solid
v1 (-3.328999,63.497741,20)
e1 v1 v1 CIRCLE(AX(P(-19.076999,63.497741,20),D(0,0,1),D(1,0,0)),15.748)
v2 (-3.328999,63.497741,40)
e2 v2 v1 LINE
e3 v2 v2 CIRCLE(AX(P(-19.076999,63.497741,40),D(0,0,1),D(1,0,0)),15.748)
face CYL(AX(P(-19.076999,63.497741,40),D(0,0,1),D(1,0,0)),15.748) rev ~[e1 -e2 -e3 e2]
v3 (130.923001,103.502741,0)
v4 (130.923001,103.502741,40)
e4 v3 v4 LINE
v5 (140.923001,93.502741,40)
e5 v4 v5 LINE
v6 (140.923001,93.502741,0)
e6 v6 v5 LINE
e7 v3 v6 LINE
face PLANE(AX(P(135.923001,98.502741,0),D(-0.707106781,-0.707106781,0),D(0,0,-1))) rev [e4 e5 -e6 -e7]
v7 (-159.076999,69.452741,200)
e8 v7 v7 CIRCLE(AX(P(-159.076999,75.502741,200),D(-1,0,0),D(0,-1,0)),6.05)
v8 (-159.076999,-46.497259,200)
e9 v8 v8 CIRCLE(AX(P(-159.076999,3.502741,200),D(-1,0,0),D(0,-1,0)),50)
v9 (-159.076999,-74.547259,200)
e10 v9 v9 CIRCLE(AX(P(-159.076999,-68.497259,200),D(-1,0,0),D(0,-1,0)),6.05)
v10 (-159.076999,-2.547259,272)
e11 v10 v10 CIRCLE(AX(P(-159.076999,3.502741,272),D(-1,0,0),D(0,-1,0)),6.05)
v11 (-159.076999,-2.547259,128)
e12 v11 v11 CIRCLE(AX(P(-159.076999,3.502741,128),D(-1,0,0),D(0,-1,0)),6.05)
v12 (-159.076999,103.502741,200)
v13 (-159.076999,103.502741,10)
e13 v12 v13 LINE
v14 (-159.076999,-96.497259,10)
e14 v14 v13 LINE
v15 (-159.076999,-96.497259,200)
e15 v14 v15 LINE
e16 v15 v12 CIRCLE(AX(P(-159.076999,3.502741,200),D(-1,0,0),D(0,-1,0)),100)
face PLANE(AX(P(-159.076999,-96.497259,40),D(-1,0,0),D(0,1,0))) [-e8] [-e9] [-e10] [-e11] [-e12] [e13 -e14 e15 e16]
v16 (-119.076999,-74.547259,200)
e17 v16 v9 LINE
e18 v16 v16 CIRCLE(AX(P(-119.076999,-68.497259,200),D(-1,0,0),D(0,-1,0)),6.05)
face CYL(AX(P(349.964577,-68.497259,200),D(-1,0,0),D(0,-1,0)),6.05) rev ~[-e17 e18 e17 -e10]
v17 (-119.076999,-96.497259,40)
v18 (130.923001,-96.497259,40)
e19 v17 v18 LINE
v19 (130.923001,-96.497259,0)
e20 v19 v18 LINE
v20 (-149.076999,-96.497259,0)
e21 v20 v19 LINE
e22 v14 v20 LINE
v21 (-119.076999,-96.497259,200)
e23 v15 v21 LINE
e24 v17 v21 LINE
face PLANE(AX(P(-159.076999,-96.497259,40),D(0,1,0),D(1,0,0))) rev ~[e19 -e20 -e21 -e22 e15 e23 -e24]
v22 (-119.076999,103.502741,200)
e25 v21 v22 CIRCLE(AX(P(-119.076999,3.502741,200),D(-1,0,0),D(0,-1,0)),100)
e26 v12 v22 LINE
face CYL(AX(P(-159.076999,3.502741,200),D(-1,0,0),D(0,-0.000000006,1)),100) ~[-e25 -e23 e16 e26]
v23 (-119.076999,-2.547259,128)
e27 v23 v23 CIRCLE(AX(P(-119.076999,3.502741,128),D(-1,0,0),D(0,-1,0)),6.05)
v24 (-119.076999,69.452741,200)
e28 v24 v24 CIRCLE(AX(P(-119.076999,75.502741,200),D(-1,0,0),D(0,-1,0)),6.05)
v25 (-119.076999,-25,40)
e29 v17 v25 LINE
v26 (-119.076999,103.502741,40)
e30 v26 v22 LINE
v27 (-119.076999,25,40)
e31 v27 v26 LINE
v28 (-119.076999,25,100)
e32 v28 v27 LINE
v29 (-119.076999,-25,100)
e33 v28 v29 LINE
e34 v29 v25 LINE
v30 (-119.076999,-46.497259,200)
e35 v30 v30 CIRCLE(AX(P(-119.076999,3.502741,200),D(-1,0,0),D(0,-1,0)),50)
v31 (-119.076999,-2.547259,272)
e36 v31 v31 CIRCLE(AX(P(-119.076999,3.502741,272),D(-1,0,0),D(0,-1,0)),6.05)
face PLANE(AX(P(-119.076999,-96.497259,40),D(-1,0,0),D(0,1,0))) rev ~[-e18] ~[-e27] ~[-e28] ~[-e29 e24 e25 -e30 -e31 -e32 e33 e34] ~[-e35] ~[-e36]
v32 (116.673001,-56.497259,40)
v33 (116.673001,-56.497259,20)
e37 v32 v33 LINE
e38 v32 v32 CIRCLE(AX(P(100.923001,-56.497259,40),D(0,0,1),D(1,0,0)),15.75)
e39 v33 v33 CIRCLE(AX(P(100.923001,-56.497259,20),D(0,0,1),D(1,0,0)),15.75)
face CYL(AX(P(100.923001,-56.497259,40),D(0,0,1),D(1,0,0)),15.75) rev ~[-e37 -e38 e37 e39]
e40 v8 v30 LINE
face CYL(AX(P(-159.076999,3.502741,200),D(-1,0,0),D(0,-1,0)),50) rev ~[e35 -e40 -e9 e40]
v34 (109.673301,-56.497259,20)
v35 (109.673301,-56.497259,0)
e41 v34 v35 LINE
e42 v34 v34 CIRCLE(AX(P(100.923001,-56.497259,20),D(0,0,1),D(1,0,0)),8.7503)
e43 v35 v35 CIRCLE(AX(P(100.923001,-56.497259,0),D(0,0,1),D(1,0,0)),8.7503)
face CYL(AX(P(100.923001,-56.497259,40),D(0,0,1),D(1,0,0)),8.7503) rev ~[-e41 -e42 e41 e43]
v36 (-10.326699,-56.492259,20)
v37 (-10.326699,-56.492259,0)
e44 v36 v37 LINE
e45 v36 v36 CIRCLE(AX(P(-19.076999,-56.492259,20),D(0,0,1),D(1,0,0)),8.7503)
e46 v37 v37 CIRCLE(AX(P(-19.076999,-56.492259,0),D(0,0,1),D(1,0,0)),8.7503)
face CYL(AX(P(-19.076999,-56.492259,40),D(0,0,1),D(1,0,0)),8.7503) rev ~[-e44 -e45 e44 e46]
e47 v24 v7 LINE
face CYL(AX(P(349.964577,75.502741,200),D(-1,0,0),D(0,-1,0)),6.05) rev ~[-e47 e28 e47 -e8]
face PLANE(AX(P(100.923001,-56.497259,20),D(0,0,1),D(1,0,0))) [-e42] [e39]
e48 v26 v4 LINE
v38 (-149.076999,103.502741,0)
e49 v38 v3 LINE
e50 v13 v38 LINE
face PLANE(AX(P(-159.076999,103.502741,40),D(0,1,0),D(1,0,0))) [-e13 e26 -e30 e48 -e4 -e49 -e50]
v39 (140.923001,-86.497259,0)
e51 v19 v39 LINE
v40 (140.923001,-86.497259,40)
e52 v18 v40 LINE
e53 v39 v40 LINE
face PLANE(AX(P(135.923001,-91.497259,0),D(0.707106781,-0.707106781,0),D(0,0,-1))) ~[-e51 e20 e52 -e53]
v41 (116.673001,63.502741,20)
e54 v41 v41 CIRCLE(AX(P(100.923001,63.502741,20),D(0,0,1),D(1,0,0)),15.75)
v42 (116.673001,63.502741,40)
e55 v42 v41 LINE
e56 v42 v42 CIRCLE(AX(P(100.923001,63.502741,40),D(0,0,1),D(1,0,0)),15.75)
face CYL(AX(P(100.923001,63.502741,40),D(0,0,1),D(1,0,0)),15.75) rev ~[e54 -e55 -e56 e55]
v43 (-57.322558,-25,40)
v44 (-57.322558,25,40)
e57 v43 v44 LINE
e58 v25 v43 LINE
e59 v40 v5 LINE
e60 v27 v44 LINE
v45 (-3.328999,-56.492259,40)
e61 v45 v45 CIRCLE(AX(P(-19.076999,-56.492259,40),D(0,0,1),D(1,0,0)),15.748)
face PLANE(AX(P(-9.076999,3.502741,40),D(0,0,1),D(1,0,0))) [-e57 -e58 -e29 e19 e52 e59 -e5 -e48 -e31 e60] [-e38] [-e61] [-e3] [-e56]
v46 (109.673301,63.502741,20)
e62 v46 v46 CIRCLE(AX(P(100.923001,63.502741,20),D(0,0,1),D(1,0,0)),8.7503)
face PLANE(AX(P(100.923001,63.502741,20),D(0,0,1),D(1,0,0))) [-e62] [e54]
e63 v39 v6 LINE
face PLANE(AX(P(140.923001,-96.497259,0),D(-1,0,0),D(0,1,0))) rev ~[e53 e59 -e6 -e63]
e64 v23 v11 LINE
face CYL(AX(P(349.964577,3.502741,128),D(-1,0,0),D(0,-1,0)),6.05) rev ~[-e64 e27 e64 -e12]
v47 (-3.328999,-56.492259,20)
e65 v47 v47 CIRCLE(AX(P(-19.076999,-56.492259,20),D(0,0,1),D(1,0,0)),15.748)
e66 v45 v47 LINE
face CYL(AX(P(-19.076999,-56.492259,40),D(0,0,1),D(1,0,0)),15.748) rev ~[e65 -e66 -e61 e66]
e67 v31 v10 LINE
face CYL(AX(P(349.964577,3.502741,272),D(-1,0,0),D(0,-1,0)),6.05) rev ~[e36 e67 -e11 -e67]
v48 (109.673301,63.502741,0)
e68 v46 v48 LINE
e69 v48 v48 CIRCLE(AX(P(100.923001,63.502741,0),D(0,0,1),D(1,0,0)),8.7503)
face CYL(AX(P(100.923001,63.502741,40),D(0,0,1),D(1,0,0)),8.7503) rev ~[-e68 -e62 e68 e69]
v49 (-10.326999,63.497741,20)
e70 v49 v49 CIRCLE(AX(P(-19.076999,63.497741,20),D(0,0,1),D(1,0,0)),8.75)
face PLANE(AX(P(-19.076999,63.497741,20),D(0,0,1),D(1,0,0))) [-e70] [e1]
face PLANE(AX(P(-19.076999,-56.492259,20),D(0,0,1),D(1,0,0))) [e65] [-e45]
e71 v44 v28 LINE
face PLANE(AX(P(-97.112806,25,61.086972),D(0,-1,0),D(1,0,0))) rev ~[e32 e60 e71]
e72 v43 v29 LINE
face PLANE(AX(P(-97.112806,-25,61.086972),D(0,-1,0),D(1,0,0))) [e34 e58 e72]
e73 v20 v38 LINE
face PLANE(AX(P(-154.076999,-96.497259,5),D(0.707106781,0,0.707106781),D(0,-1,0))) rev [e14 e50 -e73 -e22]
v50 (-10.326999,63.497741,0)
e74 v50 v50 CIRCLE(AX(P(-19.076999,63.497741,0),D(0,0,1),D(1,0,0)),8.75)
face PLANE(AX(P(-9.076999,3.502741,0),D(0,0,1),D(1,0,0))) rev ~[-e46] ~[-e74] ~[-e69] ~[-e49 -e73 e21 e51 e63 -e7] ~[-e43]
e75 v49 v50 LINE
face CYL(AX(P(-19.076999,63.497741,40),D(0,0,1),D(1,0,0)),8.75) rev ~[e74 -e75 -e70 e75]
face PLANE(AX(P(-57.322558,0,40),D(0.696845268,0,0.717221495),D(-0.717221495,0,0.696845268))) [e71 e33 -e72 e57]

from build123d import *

# Parameters (mm, degrees)
F0_W           = 300
F0_H           = 200
F1_DEPTH       = 40
F2_R           = 15.75
F2_R_2         = 15.748
F3_DEPTH       = 20
F4_R           = 8.75
F4_R_2         = 8.7503
F5_DEPTH       = 40.001
F6_W           = 40
F6_H           = 200
F7_DEPTH       = 260
F8_R           = 50
F9_DEPTH       = 300.001
F11_D          = 12.1
F12_SIZE       = 10
F14_DEPTH      = 25
F14_DEPTH_BACK = 25


with BuildPart() as f1:
    # F0 (on Top) → F1 (new body)
    with BuildSketch(Plane.XY):
        with Locations((-9.0769985841, 3.5027405247)):
            Rectangle(F0_W, F0_H)
    extrude(amount=F1_DEPTH)

    # F2 (on face) → F3 (cut)
    with BuildSketch(Plane.XY.offset(40)):
        with Locations((100.9230014159, 63.5027405247)):
            Circle(F2_R)
        with Locations((100.9230014159, -56.4972594753)):
            Circle(F2_R)
        with Locations((-19.0769985841, 63.4977405247)):
            Circle(F2_R_2)
        with Locations((-19.0769985841, -56.4922594753)):
            Circle(F2_R_2)
    extrude(amount=-F3_DEPTH, mode=Mode.SUBTRACT)

    # F4 (on face) → F5 (cut, through all)
    with BuildSketch(Plane.XY.offset(40)):
        with Locations((-19.0769985841, 63.4977405247)):
            Circle(F4_R)
        with Locations((100.9230014159, 63.5027405247)):
            Circle(F4_R_2)
        with Locations((-19.0769985841, -56.4922594753)):
            Circle(F4_R_2)
        with Locations((100.9230014159, -56.4972594753)):
            Circle(F4_R_2)
    extrude(amount=-F5_DEPTH, mode=Mode.SUBTRACT)

    # F6 (on face) → F7 (join)
    with BuildSketch(Plane.XY.offset(40)):
        with Locations((-139.0769985841, 3.5027405247)):
            Rectangle(F6_W, F6_H)
    extrude(amount=F7_DEPTH)

    # F8 (on face) → F9 (cut, through all)
    with BuildSketch(Plane(origin=(-159.0769985841, 0, 0), x_dir=(0, -1, 0), z_dir=(-1, 0, 0))):
        with Locations((-3.5027405247, 200)):
            Circle(F8_R)
        with BuildLine():
            ThreePointArc((-3.5027399336, 300), (67.2079378029, 270.7106779097), (96.4972594753, 200))
            Line((96.4972594753, 200), (96.4972594753, 300))
            Line((96.4972594753, 300), (-3.5027399336, 300))
        make_face()
        with BuildLine():
            ThreePointArc((-103.5027405247, 200), (-74.2134184344, 270.7106783276), (-3.5027399336, 300))
            Line((-3.5027399336, 300), (-103.5027405247, 300))
            Line((-103.5027405247, 300), (-103.5027405247, 200))
        make_face()
    extrude(amount=-F9_DEPTH, mode=Mode.SUBTRACT)

    # F11 (through all)
    with Locations(Plane.YZ.offset(-119.0769985841)):
        with Locations((3.5027405247, 272), (75.5027405247, 200), (3.5027405247, 128), (-68.4972594753, 200)):
            Hole(F11_D / 2)

    # F12
    f12_edges = [f1.edges().sort_by_distance(p)[0] for p in [
        (140.923001, -96.497259, 20),
        (140.923001, 103.502741, 20),
        (-159.076999, 3.502741, 0),
    ]]
    chamfer(f12_edges, length=F12_SIZE)

    # F13 (on Front) → F14 (join, two sides)
    with BuildSketch(Plane.XZ) as f14_sk:
        Polygon((-119.0769985841, 100), (-119.0769985841, 40), (-57.3225580156, 40), align=None)
    extrude(amount=F14_DEPTH)
    extrude(f14_sk.sketch, amount=-F14_DEPTH_BACK)


solid = f1.part
